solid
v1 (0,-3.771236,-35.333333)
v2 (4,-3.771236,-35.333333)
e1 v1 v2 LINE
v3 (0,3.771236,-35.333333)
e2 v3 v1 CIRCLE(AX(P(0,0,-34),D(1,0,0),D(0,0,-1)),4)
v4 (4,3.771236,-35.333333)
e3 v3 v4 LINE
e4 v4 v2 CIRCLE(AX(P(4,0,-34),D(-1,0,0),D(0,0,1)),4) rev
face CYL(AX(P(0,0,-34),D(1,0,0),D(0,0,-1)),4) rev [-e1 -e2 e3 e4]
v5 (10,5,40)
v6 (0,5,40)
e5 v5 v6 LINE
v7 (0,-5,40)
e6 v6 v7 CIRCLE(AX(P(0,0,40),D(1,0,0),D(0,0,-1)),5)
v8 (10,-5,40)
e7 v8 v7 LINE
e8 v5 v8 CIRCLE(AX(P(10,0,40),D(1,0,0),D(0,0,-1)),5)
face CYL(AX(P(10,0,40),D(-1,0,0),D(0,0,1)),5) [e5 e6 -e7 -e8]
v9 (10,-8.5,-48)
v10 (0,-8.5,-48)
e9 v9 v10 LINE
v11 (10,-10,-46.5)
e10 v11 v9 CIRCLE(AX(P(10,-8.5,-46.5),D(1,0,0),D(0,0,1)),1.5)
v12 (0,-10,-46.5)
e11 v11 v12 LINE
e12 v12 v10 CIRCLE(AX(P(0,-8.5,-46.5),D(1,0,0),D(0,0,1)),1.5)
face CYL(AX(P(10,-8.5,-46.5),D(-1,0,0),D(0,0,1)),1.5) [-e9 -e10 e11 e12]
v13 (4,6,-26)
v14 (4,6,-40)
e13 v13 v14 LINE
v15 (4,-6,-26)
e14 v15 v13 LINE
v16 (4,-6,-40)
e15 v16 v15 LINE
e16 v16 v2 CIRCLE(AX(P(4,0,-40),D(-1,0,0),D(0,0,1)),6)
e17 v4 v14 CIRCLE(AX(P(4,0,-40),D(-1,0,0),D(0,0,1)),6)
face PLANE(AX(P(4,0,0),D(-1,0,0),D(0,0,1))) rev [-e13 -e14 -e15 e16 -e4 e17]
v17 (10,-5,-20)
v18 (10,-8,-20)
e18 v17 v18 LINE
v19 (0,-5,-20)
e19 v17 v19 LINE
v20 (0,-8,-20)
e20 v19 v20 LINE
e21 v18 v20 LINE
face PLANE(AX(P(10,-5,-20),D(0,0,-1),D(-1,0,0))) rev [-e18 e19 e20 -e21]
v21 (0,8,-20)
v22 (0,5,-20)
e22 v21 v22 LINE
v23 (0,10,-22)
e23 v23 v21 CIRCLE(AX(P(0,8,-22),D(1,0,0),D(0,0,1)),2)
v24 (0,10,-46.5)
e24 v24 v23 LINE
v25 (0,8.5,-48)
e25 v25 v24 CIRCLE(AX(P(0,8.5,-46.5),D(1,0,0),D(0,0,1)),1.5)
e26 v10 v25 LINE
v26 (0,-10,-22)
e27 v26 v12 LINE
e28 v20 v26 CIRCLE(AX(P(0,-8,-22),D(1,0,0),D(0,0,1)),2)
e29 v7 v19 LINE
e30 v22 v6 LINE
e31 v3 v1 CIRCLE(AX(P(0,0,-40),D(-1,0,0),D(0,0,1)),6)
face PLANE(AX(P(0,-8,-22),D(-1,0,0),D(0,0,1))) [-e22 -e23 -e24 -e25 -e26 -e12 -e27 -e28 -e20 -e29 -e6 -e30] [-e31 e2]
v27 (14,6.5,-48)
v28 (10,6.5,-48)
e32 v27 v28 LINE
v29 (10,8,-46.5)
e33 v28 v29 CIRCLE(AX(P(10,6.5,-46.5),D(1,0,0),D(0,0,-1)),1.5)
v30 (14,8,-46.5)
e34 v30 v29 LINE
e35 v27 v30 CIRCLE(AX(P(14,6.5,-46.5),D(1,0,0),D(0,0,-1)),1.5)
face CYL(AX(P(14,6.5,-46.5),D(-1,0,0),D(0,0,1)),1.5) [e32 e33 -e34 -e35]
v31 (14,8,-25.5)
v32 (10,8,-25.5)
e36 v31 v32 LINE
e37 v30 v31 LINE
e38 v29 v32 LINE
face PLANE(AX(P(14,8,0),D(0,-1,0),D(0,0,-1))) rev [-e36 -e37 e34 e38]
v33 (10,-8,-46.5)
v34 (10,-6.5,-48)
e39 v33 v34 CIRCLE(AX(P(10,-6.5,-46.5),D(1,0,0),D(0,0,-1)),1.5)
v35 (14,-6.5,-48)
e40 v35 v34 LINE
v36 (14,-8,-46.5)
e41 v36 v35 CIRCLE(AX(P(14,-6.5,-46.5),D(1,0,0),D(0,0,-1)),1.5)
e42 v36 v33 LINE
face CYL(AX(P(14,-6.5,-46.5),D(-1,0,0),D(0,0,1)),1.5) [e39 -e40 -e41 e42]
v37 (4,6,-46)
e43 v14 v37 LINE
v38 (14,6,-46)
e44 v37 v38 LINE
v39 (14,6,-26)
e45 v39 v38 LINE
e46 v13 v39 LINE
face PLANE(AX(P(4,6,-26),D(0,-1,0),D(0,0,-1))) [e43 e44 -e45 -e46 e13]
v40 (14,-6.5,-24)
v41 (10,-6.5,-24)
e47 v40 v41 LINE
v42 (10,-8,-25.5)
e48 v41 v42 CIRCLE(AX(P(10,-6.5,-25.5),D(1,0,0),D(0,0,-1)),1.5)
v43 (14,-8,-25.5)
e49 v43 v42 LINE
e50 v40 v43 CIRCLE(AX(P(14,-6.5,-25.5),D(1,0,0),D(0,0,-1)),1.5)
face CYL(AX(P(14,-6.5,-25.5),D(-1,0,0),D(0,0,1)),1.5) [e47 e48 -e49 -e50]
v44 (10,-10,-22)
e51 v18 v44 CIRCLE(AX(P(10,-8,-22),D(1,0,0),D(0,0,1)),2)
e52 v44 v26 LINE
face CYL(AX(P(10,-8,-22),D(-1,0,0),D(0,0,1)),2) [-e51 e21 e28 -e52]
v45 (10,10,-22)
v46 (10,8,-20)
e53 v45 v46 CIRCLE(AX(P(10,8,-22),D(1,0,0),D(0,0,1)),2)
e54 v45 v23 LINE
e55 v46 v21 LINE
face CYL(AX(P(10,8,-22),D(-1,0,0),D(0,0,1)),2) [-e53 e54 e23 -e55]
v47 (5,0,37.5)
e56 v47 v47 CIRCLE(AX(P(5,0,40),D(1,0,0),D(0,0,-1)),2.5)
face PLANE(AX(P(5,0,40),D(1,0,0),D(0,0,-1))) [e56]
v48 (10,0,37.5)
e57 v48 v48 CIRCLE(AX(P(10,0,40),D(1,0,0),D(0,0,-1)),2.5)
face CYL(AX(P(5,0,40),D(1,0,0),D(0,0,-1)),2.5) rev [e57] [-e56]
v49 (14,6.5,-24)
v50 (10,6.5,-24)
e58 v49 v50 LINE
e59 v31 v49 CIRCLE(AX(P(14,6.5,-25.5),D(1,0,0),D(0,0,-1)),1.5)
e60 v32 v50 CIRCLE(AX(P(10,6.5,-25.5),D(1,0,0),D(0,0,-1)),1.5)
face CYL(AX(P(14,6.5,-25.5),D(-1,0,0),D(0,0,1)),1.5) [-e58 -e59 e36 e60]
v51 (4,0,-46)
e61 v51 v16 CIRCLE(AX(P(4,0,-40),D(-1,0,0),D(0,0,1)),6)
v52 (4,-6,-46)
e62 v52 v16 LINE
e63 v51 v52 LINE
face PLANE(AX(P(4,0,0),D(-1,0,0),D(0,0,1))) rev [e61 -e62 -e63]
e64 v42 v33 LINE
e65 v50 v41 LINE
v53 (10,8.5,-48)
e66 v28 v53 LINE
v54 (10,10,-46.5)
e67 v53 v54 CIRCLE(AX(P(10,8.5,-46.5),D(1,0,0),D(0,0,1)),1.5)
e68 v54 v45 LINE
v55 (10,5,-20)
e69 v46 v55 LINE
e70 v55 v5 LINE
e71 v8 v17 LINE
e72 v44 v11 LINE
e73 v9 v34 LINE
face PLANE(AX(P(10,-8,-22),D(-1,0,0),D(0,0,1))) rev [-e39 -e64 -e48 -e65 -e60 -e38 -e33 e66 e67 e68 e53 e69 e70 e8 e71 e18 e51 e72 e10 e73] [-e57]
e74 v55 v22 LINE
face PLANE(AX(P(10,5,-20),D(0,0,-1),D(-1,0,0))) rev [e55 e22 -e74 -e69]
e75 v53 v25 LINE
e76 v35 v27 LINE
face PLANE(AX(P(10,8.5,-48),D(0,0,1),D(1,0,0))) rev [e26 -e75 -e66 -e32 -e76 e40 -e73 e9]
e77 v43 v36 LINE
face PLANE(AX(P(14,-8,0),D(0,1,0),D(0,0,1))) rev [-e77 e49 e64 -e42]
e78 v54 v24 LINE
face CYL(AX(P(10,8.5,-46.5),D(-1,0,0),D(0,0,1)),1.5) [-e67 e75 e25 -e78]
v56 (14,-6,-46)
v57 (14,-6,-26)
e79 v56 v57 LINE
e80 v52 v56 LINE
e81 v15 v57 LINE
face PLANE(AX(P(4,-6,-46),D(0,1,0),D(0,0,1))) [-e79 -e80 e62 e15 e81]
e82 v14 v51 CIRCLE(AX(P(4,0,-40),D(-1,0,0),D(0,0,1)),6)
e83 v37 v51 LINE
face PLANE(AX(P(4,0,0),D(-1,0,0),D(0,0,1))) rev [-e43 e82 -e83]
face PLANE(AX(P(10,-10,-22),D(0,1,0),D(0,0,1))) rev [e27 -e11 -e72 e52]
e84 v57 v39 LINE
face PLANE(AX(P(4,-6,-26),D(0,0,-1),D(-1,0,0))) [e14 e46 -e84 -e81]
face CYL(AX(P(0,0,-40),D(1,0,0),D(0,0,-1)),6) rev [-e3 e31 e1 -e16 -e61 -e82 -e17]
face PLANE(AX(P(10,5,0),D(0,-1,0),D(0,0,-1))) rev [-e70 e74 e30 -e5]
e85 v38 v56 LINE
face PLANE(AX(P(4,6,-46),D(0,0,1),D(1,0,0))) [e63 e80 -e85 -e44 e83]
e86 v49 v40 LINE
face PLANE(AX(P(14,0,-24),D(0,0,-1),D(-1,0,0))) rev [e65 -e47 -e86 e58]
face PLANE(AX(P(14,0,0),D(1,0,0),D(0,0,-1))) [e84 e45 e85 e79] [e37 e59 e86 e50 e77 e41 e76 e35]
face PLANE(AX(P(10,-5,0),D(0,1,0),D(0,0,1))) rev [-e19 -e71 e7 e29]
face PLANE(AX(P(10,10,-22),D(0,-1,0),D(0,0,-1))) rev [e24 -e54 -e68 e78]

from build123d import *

# Parameters (mm, degrees)
BOSS_EXTRU_1_DEPTH           = 10
ESQUISSE3_R                  = 2.5
ENL_V_MAT_EXTRU_1_DEPTH      = 5
ENL_V_MAT_EXTRU_3_DEPTH      = 51.039984013
ENL_V_MAT_EXTRU_3_DEPTH_BACK = 51.039984013
ESQUISSE6_W                  = 20
ESQUISSE6_H                  = 12
ENL_V_MAT_EXTRU_4_DEPTH      = 6
ESQUISSE7_W                  = 20
ESQUISSE7_H                  = 12
BOSS_EXTRU_4_DEPTH           = 4


with BuildPart() as part:
    # Esquisse1 → Boss.-Extru.1 (new body)
    with BuildSketch(Plane(origin=(0, 0, 0), x_dir=(0, 0, -1), z_dir=(1, 0, 0))):
        with BuildLine():
            Line((0, 5), (-40, 5))
            ThreePointArc((-40, 5), (-45, 0), (-40, -5))
            Line((-40, -5), (0, -5))
            Line((0, -5), (20, -5))
            Line((20, -5), (20, -8))
            ThreePointArc((20, -8), (20.585786438, -9.414213562), (22, -10))
            Line((22, -10), (40, -10))
            Line((40, -10), (46.5, -10))
            ThreePointArc((46.5, -10), (47.560660172, -9.560660172), (48, -8.5))
            Line((48, -8.5), (48, 8.5))
            ThreePointArc((48, 8.5), (47.560660172, 9.560660172), (46.5, 10))
            Line((46.5, 10), (40, 10))
            Line((40, 10), (22, 10))
            ThreePointArc((22, 10), (20.585786438, 9.414213562), (20, 8))
            Line((20, 8), (20, 5))
            Line((20, 5), (0, 5))
        make_face()
    extrude(amount=BOSS_EXTRU_1_DEPTH)

    # Esquisse3 → Enlèv. mat.-Extru.1 (cut)
    with BuildSketch(Plane(origin=(10, 0, 0), x_dir=(0, 0, -1), z_dir=(1, 0, 0))):
        with Locations((-40, 0)):
            Circle(ESQUISSE3_R)
    extrude(amount=-ENL_V_MAT_EXTRU_1_DEPTH, mode=Mode.SUBTRACT)

    # Esquisse4 → Enlèv. mat.-Extru.3 (cut, two sides: drawn at the far end of the back side and taken through both)
    with BuildSketch(Plane(origin=(10, 0, 0), x_dir=(0, 0, -1), z_dir=(1, 0, 0)).offset(-ENL_V_MAT_EXTRU_3_DEPTH_BACK)):
        with BuildLine():
            ThreePointArc((35.333333333, 3.771236166), (46, 0), (35.333333333, -3.771236166))
            ThreePointArc((35.333333333, -3.771236166), (30, 0), (35.333333333, 3.771236166))
        make_face()
    extrude(amount=ENL_V_MAT_EXTRU_3_DEPTH + ENL_V_MAT_EXTRU_3_DEPTH_BACK, mode=Mode.SUBTRACT)

    # Esquisse6 → Enlèv. mat.-Extru.4 (cut)
    with BuildSketch(Plane(origin=(10, 0, 0), x_dir=(0, 0, -1), z_dir=(1, 0, 0))):
        with Locations((36, 0)):
            Rectangle(ESQUISSE6_W, ESQUISSE6_H)
    extrude(amount=-ENL_V_MAT_EXTRU_4_DEPTH, mode=Mode.SUBTRACT)

    # Esquisse7 → Boss.-Extru.4 (add)
    with BuildSketch(Plane(origin=(10, 0, 0), x_dir=(0, 0, -1), z_dir=(1, 0, 0))):
        with BuildLine():
            ThreePointArc((25.5, 8), (24.439339828, 7.560660172), (24, 6.5))
            Line((24, 6.5), (24, -6.5))
            ThreePointArc((24, -6.5), (24.439339828, -7.560660172), (25.5, -8))
            Line((25.5, -8), (46.5, -8))
            ThreePointArc((46.5, -8), (47.560660172, -7.560660172), (48, -6.5))
            Line((48, -6.5), (48, 6.5))
            ThreePointArc((48, 6.5), (47.560660172, 7.560660172), (46.5, 8))
            Line((46.5, 8), (25.5, 8))
        make_face()
        with Locations((36, 0)):
            Rectangle(ESQUISSE7_W, ESQUISSE7_H, mode=Mode.SUBTRACT)
    extrude(amount=BOSS_EXTRU_4_DEPTH)


solid = part.part
